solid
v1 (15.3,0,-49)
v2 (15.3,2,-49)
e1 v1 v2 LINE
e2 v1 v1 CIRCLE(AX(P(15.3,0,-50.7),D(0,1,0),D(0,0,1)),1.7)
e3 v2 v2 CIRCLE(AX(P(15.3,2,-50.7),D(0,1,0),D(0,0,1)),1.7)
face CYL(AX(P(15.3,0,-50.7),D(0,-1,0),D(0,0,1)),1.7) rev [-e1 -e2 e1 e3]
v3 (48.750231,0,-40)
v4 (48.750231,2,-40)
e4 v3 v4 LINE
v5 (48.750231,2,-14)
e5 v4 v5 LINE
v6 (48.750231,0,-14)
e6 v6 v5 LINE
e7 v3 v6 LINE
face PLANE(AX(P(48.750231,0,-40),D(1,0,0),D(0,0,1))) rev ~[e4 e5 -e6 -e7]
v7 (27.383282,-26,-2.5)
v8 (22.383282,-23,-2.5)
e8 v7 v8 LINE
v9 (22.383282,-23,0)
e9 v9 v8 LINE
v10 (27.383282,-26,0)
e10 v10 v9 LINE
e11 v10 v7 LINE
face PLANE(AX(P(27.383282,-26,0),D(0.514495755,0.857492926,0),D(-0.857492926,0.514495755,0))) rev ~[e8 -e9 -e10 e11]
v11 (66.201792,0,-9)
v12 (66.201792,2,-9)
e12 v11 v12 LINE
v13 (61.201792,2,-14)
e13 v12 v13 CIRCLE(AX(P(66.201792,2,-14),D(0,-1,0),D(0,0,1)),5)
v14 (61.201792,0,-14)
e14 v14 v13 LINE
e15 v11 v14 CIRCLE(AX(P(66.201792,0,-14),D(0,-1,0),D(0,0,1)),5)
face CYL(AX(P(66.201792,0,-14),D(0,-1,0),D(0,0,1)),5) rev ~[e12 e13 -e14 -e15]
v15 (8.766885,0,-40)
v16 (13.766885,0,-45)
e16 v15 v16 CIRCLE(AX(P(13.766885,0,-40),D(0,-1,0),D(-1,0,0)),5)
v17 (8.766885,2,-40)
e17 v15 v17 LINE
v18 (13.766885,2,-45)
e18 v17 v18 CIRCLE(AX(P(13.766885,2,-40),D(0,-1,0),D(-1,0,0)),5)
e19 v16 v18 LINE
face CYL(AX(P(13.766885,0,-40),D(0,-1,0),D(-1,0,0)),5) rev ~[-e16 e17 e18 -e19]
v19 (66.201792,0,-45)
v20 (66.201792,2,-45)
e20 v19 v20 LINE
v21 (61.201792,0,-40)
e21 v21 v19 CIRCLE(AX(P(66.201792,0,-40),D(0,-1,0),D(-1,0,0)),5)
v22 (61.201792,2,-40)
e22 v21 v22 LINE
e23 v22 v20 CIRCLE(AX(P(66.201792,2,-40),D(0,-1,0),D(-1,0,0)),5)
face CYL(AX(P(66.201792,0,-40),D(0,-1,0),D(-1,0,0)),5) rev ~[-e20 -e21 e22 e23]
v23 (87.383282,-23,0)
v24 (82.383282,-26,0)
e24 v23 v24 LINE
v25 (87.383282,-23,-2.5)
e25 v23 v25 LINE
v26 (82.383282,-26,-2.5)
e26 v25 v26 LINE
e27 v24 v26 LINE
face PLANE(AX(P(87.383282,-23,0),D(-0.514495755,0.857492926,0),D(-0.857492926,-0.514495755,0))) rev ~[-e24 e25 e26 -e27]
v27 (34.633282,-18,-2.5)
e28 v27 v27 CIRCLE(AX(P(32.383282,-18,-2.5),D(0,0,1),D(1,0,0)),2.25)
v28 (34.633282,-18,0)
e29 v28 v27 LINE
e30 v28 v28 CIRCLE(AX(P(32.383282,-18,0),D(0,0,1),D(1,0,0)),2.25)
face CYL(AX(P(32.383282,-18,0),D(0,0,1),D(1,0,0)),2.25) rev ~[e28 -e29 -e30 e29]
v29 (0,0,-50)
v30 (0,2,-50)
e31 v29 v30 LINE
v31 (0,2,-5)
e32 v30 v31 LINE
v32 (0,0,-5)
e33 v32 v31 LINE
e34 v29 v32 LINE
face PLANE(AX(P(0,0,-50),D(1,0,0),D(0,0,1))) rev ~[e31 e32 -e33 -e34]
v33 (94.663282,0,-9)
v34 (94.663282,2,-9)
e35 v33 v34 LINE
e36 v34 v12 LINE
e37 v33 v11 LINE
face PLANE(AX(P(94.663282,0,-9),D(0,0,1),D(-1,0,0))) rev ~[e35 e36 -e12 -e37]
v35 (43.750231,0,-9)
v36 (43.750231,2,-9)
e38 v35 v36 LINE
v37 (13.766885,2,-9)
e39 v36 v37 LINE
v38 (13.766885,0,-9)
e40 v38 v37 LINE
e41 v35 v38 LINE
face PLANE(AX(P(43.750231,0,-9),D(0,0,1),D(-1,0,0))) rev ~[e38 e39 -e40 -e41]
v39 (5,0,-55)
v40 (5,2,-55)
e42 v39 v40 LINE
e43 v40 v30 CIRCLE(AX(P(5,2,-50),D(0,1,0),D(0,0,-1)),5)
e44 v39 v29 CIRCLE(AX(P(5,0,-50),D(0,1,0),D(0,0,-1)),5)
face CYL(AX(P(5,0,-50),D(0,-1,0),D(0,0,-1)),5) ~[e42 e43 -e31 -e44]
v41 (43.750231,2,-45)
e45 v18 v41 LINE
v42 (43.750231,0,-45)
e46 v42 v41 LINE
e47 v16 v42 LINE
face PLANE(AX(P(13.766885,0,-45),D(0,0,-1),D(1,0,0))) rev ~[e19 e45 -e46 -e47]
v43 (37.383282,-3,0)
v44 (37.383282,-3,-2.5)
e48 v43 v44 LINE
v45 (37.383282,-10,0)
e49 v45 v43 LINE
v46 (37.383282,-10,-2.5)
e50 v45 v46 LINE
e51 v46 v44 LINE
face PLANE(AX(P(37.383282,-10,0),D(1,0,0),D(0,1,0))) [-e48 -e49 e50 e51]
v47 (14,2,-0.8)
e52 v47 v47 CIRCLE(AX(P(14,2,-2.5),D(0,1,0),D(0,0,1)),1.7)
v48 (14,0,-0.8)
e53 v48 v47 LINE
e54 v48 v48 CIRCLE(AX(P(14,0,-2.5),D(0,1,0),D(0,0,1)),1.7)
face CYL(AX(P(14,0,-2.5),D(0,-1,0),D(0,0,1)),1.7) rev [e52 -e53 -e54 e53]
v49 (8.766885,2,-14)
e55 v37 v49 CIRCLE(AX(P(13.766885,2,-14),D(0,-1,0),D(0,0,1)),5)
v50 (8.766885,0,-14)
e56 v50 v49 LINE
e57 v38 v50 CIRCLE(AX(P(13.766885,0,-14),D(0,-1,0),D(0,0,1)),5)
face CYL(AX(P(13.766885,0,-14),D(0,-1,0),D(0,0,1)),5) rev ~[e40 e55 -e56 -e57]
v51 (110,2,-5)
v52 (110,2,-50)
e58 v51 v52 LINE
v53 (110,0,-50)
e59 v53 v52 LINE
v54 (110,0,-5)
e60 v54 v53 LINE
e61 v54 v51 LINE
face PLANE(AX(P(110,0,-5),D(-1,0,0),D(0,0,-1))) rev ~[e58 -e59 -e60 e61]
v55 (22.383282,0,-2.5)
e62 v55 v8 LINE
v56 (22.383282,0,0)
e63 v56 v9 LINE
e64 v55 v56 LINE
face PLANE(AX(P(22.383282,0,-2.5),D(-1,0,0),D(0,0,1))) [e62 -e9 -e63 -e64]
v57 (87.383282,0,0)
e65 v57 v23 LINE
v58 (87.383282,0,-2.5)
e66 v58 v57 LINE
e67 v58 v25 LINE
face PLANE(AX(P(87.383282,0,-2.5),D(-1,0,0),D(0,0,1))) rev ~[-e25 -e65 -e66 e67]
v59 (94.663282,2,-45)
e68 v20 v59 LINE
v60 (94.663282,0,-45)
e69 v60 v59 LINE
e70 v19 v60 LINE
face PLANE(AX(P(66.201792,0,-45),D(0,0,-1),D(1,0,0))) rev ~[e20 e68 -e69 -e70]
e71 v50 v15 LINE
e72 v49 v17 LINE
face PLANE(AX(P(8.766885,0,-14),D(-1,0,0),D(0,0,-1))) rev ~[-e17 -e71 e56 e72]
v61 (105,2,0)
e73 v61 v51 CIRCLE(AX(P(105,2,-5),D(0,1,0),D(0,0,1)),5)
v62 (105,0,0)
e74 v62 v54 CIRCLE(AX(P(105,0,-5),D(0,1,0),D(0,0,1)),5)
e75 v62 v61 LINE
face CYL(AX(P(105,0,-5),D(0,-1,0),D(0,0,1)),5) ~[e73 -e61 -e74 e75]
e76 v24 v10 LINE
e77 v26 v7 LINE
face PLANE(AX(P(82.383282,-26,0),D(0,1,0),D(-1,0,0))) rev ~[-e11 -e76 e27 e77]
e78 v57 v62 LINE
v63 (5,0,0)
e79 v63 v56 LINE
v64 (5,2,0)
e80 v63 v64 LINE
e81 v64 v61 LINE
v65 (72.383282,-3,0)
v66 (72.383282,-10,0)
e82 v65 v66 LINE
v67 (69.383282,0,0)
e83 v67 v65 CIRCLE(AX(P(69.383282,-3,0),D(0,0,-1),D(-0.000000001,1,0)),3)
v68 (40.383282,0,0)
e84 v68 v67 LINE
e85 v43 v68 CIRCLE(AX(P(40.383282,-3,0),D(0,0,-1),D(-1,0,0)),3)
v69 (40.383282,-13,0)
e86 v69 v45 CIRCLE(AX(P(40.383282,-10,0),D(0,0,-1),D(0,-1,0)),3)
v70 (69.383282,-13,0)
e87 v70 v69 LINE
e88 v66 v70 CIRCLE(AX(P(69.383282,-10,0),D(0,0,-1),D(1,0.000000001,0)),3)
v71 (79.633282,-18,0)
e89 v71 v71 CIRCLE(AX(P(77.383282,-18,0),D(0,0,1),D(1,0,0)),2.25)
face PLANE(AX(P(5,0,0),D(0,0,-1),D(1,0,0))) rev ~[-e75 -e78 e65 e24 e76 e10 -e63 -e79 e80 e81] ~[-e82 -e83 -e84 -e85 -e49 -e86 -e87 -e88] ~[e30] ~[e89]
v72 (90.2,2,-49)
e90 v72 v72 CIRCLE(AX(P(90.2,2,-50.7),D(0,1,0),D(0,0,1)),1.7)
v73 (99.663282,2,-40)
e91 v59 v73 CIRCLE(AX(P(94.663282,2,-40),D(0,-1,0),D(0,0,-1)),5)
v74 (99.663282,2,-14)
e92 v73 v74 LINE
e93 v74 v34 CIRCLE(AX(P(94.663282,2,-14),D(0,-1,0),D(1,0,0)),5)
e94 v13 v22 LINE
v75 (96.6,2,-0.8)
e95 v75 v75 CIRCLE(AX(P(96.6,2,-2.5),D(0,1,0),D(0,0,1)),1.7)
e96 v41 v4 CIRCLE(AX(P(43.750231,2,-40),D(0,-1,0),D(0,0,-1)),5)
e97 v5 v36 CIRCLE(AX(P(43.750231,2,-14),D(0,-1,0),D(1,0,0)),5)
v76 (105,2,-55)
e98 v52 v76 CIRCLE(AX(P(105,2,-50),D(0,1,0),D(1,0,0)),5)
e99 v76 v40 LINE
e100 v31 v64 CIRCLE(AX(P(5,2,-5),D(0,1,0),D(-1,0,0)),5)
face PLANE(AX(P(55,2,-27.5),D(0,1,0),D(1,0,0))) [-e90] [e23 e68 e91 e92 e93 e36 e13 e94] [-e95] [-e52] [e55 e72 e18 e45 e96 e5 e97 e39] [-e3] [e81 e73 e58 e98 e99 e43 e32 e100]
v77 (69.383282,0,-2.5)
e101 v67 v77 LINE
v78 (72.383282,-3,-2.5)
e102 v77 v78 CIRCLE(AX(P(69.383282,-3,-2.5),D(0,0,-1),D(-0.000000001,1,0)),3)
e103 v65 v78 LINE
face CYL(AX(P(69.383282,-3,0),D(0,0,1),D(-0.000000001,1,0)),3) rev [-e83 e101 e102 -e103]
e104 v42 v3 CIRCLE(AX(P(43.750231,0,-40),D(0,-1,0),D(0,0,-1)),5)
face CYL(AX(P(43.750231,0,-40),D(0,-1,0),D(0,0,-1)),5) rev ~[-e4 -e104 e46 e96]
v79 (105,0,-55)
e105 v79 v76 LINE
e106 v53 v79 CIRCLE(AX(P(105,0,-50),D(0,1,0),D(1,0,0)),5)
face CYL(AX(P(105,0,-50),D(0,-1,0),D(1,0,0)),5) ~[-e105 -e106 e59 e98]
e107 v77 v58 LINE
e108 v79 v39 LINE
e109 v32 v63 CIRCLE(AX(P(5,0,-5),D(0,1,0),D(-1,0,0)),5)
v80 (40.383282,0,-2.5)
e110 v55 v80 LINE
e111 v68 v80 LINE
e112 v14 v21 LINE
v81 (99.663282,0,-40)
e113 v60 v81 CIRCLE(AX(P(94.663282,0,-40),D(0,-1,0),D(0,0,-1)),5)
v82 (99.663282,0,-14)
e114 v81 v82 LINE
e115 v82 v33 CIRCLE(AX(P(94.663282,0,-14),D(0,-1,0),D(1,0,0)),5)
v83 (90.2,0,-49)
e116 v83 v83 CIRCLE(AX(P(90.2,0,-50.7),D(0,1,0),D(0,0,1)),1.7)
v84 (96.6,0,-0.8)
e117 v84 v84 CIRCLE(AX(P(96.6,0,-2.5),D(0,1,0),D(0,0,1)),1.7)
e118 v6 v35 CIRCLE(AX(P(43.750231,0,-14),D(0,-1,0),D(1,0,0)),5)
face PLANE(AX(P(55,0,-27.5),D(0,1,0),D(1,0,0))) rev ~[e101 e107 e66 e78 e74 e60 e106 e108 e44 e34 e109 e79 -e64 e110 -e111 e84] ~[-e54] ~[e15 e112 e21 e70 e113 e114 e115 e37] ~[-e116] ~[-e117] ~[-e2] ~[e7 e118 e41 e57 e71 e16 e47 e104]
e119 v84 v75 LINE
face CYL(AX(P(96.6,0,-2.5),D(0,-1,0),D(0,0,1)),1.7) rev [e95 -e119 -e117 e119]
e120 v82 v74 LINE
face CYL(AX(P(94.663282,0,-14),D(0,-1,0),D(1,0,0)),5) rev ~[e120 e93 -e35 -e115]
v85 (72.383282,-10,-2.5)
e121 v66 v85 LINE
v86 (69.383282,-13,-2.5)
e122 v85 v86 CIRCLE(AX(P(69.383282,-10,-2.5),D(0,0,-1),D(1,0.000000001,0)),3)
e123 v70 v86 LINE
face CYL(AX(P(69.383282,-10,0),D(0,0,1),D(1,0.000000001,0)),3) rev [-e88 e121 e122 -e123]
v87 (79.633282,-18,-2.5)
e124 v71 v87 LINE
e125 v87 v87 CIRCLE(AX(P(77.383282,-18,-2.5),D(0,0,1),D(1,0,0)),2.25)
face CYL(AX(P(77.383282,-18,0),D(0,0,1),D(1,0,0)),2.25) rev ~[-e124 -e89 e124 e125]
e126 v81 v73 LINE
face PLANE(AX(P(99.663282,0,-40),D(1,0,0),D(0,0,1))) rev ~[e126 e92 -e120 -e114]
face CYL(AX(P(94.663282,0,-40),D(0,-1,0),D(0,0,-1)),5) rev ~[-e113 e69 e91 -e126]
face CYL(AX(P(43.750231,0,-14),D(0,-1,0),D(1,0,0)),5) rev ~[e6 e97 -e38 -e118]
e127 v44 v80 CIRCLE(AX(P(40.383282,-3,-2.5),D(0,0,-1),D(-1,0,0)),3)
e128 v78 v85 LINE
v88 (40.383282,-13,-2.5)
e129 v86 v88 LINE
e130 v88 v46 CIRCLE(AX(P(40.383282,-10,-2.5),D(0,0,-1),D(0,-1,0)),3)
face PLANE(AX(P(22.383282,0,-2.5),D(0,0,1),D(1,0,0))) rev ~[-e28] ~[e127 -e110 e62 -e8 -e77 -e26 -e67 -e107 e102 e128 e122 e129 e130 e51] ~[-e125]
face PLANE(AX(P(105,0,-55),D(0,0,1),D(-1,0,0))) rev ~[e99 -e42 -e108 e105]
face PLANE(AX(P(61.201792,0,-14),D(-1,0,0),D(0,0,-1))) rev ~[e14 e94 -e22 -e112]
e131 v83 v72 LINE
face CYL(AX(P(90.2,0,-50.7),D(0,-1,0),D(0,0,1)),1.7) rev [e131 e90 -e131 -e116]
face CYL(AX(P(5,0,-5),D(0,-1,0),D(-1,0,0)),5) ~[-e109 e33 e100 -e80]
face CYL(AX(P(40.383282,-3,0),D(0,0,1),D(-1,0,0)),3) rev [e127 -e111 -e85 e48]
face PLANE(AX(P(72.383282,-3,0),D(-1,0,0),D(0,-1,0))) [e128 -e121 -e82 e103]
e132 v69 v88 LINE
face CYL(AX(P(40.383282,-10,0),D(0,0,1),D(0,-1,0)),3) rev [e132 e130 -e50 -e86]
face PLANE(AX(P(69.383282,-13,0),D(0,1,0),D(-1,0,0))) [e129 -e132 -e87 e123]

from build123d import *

# Parameters (mm, degrees)
SKETCH_1_R          = 1.7
EXTRUDE_2_DEPTH     = 2
SKETCH_2_W          = 65
SKETCH_2_H          = 2.5
EXTRUDE_3_DEPTH     = 30
SKETCH_3_R          = 2.25
CUT_EXTRUDE_1_DEPTH = 2.5


with BuildPart() as part:
    # 草图1 → 凸台-拉伸2 (new body)
    with BuildSketch(Plane(origin=(0, 0, 0), x_dir=(1, 0, 0), z_dir=(0, 1, 0))):
        with BuildLine():
            Line((5, 0), (105, 0))
            ThreePointArc((105, 0), (108.535533906, 1.464466094), (110, 5))
            Line((110, 5), (110, 50))
            ThreePointArc((110, 50), (108.535533906, 53.535533906), (105, 55))
            Line((105, 55), (5, 55))
            ThreePointArc((5, 55), (1.464466094, 53.535533906), (0, 50))
            Line((0, 50), (0, 5))
            ThreePointArc((0, 5), (1.464466094, 1.464466094), (5, 0))
        make_face()
        with Locations(Location((14, 2.5, 0), (0, 0, 270))):
            Circle(SKETCH_1_R, mode=Mode.SUBTRACT)
        with Locations(Location((15.3, 50.7, 0), (0, 0, 270))):
            Circle(SKETCH_1_R, mode=Mode.SUBTRACT)
        with Locations(Location((90.2, 50.7, 0), (0, 0, 270))):
            Circle(SKETCH_1_R, mode=Mode.SUBTRACT)
        with Locations(Location((96.6, 2.5, 0), (0, 0, 270))):
            Circle(SKETCH_1_R, mode=Mode.SUBTRACT)
        with BuildLine():
            Line((13.766884745, 45), (43.750231267, 45))
            ThreePointArc((43.750231267, 45), (47.285765173, 43.535533906), (48.750231267, 40))
            Line((48.750231267, 40), (48.750231267, 14))
            ThreePointArc((48.750231267, 14), (47.285765173, 10.464466094), (43.750231267, 9))
            Line((43.750231267, 9), (13.766884745, 9))
            ThreePointArc((13.766884745, 9), (10.231350839, 10.464466094), (8.766884745, 14))
            Line((8.766884745, 14), (8.766884745, 40))
            ThreePointArc((8.766884745, 40), (10.231350839, 43.535533906), (13.766884745, 45))
        make_face(mode=Mode.SUBTRACT)
        with BuildLine():
            Line((66.201792467, 45), (94.663281509, 45))
            ThreePointArc((94.663281509, 45), (98.198815415, 43.535533906), (99.663281509, 40))
            Line((99.663281509, 40), (99.663281509, 14))
            ThreePointArc((99.663281509, 14), (98.198815415, 10.464466094), (94.663281509, 9))
            Line((94.663281509, 9), (66.201792467, 9))
            ThreePointArc((66.201792467, 9), (62.666258562, 10.464466094), (61.201792467, 14))
            Line((61.201792467, 14), (61.201792467, 40))
            ThreePointArc((61.201792467, 40), (62.666258562, 43.535533906), (66.201792467, 45))
        make_face(mode=Mode.SUBTRACT)
    extrude(amount=EXTRUDE_2_DEPTH)

    # 草图2 → 凸台-拉伸3 (add)
    with BuildSketch(Plane.XZ):
        with Locations((54.883282113, -1.25)):
            Rectangle(SKETCH_2_W, SKETCH_2_H)
    extrude(amount=EXTRUDE_3_DEPTH)

    # 草图3 → 切除-拉伸1 (cut)
    with BuildSketch(Plane.XY):
        with Locations((77.383282113, -18)):
            Circle(SKETCH_3_R)
        with Locations((32.383282113, -18)):
            Circle(SKETCH_3_R)
        Polygon((87.383282113, -30), (87.383282113, -23), (82.383282113, -26), (27.383282113, -26), (22.383282113, -23), (22.383282113, -30), align=None)
        with BuildLine():
            Line((69.383282113, -13), (40.383282113, -13))
            ThreePointArc((40.383282113, -13), (38.26196177, -12.121320344), (37.383282113, -10))
            Line((37.383282113, -10), (37.383282113, -3))
            ThreePointArc((37.383282113, -3), (38.26196177, -0.878679656), (40.383282113, 0))
            Line((40.383282113, 0), (69.383282113, 0))
            ThreePointArc((69.383282113, 0), (71.504602457, -0.878679656), (72.383282113, -3))
            Line((72.383282113, -3), (72.383282113, -10))
            ThreePointArc((72.383282113, -10), (71.504602457, -12.121320344), (69.383282113, -13))
        make_face()
    extrude(amount=-CUT_EXTRUDE_1_DEPTH, mode=Mode.SUBTRACT)


solid = part.part
